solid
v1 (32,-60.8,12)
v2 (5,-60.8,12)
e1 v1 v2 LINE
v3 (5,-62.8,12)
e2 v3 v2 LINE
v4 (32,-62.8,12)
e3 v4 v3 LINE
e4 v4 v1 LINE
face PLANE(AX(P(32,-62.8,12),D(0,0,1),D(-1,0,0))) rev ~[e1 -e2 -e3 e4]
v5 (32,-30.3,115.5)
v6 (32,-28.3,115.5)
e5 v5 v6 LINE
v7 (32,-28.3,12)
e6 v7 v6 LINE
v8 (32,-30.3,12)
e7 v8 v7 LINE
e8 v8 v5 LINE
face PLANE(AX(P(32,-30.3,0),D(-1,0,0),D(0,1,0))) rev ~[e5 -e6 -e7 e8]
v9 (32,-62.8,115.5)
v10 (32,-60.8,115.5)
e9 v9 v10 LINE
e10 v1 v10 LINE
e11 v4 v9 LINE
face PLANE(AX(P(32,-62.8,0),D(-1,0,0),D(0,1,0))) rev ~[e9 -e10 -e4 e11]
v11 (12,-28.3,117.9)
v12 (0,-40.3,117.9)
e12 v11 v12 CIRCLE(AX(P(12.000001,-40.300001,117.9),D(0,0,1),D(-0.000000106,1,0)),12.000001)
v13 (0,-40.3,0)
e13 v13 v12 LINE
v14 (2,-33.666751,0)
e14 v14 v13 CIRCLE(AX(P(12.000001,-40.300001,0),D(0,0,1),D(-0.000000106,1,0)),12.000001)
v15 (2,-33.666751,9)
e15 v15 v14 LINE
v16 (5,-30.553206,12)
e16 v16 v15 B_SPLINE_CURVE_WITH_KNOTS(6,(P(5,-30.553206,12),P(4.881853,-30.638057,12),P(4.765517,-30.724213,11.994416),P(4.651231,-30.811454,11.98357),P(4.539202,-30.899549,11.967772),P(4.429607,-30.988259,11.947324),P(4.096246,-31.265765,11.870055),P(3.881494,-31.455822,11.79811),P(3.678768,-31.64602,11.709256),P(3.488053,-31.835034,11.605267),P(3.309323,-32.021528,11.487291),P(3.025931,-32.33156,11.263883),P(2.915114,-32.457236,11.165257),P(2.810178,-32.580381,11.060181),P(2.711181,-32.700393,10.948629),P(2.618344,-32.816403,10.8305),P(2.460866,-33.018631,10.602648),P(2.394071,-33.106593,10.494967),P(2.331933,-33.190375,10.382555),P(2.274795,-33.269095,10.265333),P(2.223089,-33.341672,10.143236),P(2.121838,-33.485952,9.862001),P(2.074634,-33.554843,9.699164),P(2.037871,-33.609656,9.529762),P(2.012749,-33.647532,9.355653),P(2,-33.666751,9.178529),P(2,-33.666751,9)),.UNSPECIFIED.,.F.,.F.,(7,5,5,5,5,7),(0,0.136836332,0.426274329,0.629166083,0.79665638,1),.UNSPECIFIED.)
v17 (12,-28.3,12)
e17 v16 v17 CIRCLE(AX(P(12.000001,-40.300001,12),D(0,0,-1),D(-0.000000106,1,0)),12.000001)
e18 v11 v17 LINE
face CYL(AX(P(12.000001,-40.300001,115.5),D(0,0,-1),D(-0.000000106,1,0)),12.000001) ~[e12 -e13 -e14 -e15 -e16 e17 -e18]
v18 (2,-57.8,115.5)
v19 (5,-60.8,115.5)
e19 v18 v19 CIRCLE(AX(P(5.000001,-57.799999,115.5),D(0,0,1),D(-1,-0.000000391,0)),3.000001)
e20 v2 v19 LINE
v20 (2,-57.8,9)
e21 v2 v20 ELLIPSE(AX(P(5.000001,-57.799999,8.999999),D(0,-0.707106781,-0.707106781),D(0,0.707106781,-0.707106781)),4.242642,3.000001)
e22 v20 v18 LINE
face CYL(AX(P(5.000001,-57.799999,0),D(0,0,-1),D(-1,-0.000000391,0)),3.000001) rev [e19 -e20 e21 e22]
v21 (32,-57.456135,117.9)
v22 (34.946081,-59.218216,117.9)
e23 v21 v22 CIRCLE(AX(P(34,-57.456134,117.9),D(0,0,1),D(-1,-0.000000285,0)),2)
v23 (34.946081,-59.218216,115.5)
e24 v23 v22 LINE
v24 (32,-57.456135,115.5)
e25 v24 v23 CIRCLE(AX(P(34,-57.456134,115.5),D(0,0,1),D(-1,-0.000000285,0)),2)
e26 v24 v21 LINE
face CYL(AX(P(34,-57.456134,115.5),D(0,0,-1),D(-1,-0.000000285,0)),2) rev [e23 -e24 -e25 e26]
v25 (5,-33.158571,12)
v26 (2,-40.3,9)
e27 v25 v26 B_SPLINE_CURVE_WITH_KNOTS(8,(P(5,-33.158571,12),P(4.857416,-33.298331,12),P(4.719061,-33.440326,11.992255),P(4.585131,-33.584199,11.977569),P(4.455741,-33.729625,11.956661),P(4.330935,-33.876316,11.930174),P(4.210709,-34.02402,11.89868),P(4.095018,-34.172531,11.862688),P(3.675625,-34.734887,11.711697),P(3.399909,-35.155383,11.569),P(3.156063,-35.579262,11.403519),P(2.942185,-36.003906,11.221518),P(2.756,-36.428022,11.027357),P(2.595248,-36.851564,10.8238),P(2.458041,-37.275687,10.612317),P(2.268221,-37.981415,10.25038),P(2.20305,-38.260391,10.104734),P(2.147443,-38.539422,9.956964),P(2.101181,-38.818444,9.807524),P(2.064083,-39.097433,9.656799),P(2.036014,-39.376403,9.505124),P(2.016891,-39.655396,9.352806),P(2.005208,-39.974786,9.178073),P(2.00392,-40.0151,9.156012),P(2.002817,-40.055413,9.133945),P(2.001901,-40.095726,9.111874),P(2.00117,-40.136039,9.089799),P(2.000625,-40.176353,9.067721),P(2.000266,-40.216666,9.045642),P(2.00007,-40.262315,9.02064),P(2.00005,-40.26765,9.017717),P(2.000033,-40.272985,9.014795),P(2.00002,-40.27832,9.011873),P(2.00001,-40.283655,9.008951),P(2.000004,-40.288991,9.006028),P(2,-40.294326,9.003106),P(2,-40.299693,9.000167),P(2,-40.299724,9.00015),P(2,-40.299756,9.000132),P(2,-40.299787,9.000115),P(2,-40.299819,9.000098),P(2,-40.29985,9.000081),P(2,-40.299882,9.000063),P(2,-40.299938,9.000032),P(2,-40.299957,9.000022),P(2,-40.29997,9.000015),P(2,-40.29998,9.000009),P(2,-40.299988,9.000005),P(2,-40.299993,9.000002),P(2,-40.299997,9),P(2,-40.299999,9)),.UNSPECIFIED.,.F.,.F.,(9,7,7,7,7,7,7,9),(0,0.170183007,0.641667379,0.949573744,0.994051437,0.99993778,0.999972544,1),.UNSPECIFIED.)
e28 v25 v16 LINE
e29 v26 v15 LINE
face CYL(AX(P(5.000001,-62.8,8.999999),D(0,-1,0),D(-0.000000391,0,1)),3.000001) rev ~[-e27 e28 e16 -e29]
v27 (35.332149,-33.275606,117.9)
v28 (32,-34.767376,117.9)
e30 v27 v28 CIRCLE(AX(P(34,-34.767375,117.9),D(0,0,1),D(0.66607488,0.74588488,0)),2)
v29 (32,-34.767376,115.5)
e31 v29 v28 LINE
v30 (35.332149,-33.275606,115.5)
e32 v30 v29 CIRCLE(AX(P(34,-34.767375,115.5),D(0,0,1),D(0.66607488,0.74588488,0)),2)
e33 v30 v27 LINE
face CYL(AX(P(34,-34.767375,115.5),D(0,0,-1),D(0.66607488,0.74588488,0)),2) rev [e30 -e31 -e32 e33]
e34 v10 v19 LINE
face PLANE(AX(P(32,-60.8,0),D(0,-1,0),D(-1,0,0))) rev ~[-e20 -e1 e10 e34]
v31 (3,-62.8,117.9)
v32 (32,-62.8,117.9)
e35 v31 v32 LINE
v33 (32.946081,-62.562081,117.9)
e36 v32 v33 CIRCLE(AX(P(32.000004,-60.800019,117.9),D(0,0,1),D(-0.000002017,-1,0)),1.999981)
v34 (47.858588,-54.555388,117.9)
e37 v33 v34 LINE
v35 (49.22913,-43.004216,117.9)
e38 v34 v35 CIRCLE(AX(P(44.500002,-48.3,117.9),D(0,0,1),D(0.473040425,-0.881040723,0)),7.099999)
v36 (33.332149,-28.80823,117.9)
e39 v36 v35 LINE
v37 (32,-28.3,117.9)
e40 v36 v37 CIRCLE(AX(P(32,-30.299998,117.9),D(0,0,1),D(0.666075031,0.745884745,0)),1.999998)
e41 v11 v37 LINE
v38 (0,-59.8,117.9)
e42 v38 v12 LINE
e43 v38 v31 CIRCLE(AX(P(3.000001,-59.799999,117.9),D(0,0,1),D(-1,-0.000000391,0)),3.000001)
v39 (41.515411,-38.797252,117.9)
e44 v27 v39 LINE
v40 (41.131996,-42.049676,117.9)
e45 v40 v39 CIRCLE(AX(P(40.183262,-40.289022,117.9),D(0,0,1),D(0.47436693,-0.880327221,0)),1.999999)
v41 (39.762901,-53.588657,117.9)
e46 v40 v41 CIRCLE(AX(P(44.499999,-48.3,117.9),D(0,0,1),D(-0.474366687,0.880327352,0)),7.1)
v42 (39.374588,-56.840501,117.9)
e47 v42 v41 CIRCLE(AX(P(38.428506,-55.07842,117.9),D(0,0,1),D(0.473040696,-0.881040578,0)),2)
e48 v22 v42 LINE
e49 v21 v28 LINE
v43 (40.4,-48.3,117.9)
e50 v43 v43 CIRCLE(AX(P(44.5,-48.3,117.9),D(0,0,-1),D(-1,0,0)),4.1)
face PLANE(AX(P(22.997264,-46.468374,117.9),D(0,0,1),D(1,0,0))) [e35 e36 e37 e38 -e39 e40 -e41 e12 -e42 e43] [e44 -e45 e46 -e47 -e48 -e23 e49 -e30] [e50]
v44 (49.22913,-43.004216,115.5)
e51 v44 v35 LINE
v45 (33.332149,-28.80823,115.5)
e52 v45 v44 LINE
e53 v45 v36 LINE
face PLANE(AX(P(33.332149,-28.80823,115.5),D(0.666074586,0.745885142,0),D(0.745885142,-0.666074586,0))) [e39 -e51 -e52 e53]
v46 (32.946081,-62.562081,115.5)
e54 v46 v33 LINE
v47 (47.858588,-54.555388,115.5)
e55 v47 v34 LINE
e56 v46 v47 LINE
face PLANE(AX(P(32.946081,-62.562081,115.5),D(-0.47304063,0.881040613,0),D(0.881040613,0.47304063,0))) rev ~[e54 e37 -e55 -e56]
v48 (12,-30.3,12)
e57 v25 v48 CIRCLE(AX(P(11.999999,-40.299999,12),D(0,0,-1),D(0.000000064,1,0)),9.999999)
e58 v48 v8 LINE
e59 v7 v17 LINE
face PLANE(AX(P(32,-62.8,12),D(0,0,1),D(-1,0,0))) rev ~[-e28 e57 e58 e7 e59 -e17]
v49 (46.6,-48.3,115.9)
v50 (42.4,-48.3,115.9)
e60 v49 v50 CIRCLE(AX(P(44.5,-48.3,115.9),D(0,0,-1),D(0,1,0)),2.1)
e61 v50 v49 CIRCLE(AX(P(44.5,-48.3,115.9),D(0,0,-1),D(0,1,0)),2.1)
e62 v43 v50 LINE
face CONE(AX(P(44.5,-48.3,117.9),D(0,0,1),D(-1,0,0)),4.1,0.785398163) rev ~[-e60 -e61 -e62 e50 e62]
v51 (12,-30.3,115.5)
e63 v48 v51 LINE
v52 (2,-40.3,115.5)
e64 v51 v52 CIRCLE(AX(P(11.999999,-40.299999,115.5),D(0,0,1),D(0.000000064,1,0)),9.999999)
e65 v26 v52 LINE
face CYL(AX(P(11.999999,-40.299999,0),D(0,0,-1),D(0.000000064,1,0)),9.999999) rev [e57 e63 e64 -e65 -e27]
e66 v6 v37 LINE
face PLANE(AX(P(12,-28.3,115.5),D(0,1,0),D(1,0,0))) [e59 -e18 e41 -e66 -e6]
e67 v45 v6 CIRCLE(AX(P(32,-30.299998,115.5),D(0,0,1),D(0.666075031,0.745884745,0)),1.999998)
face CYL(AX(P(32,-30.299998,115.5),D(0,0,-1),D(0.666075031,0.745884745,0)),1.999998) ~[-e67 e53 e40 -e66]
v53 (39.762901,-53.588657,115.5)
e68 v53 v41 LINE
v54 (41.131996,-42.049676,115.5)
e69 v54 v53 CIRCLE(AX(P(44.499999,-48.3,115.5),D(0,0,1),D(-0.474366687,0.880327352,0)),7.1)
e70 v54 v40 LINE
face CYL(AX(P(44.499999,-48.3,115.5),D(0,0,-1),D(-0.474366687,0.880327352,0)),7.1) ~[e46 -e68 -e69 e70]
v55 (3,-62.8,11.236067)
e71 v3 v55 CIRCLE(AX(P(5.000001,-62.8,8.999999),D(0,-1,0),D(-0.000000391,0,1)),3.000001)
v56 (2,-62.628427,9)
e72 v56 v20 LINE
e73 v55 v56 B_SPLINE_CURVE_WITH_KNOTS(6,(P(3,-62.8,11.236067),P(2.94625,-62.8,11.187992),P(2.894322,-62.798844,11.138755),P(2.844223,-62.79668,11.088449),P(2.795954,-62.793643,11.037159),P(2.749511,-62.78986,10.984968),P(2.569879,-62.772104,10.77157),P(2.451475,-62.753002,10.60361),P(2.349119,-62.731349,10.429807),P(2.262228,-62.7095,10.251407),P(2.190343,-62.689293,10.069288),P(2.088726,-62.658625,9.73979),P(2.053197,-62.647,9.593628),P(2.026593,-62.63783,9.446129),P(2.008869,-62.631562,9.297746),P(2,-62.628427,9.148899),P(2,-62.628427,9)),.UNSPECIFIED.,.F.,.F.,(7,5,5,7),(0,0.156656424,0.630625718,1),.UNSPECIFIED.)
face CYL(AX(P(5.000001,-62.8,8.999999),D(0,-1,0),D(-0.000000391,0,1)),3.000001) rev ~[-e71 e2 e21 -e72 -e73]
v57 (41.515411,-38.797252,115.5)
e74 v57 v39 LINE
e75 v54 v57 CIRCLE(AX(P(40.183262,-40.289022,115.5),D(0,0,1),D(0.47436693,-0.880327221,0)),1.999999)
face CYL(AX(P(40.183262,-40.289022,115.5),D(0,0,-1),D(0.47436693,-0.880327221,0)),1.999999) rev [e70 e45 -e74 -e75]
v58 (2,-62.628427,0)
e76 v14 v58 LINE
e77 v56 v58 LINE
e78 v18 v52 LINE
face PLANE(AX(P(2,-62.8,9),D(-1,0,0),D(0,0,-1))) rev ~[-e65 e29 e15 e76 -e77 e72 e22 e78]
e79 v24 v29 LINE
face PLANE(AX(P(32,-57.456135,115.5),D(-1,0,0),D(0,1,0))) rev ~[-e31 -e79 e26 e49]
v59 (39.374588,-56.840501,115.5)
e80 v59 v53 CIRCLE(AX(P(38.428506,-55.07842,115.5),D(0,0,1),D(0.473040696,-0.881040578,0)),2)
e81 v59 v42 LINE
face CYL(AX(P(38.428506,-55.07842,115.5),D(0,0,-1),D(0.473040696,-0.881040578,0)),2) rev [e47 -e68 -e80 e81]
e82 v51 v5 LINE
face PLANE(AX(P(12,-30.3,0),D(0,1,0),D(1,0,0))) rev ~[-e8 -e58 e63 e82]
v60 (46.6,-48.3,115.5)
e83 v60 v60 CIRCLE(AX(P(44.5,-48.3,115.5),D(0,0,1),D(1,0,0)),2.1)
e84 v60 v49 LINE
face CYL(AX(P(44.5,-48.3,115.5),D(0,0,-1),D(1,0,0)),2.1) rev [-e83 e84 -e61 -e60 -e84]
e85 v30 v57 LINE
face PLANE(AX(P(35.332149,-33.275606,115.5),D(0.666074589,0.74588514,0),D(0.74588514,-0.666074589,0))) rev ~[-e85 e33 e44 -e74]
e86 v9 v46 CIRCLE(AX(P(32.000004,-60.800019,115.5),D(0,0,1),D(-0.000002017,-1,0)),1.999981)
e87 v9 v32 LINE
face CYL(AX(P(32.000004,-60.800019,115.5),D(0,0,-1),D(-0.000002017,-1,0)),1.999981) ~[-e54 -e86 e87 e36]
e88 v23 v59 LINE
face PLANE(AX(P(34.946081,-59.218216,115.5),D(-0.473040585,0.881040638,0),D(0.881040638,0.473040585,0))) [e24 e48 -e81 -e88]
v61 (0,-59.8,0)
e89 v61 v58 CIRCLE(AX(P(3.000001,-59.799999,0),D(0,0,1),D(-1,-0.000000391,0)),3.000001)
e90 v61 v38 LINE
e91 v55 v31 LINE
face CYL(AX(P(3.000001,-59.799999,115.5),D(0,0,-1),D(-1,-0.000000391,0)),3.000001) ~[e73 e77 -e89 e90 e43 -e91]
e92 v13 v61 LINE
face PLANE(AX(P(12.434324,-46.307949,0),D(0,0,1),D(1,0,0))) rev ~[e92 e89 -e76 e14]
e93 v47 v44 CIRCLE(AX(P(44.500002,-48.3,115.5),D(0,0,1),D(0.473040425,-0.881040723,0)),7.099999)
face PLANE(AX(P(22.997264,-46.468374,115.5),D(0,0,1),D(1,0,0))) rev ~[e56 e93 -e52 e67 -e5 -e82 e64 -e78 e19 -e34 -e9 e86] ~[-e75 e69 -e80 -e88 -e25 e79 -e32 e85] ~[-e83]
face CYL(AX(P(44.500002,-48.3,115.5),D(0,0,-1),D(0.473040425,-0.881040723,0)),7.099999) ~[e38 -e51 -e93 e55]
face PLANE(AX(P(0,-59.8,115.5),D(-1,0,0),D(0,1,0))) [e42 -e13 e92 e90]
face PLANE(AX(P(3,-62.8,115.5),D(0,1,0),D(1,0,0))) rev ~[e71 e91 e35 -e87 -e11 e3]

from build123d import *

# Parameters (mm, degrees)
PAD015_DEPTH        = 115.5
POCKET006_DEPTH     = 2
POCKET007_DEPTH     = 34.501
SKETCH032_R         = 2.1
PAD016_DEPTH        = 2.4
HOLE006_D           = 4
HOLE006_DEPTH       = 25
HOLE006_CSINK_D     = 8.2
HOLE006_CSINK_ANGLE = 90
HOLE006_TIPS_R      = 2


with BuildPart() as part:
    # Sketch029 → Pad015 (new body)
    with BuildSketch(Plane.XY):
        with BuildLine():
            Line((32, 34.5), (12, 34.5))
            ThreePointArc((12, 34.5), (3.514719, 30.985281), (0, 22.5))
            Line((0, 22.5), (0, 3))
            ThreePointArc((0, 3), (0.87868, 0.87868), (3, 0))
            Line((3, 0), (32, 0))
            Line((32, 0), (32, 2))
            Line((32, 2), (5, 2))
            ThreePointArc((2, 5), (2.87868, 2.87868), (5, 2))
            Line((2, 5), (2, 22.5))
            ThreePointArc((12, 32.5), (4.928932, 29.571068), (2, 22.5))
            Line((12, 32.5), (32, 32.5))
            Line((32, 32.5), (32, 34.5))
        make_face()
    extrude(amount=PAD015_DEPTH)

    # Sketch030 (on Face3 of Pad015) → Pocket006 (cut)
    with BuildSketch(Plane(origin=(0, 34.5, 0), x_dir=(-1, 0, 0), z_dir=(0, 1, 0))):
        with BuildLine():
            Line((-32, 0), (-12, 0))
            Line((-12, 0), (-12, 7))
            ThreePointArc((-12, 7), (-12.87868, 9.12132), (-15, 10))
            Line((-15, 10), (-32, 10))
            Line((-32, 10), (-32, 0))
        make_face()
    extrude(amount=-POCKET006_DEPTH, mode=Mode.SUBTRACT)

    # Sketch031 (on Face12 of Pocket006) → Pocket007 (cut, through all)
    with BuildSketch(Plane.XZ):
        with BuildLine():
            Line((2, 0), (32, 0))
            Line((32, 0), (32, 12))
            Line((32, 12), (5, 12))
            ThreePointArc((5, 12), (2.87868, 11.12132), (2, 9))
            Line((2, 9), (2, 0))
        make_face()
    extrude(amount=-POCKET007_DEPTH, mode=Mode.SUBTRACT)

    # Sketch032 (on Face4 of Pocket007) → Pad016 (join)
    with BuildSketch(Plane.XY.offset(115.5)):
        with BuildLine():
            ThreePointArc((12, 34.5), (3.514719, 30.985281), (0, 22.5))
            Line((0, 3), (0, 22.5))
            ThreePointArc((0, 3), (0.87868, 0.87868), (3, 0))
            Line((3, 0), (32, 0))
            ThreePointArc((32, 0), (32.487769, 0.060391), (32.946081, 0.237919))
            Line((32.946081, 0.237919), (47.858588, 8.244612))
            ThreePointArc((47.858588, 8.244612), (51.550546, 13.663456), (49.22913, 19.795784))
            Line((33.332149, 33.99177), (49.22913, 19.795784))
            ThreePointArc((33.332149, 33.99177), (32.712902, 34.368628), (32, 34.5))
            Line((12, 34.5), (32, 34.5))
        make_face()
        with Locations((44.5, 14.5)):
            Circle(SKETCH032_R, mode=Mode.SUBTRACT)
        with BuildLine():
            Line((32, 5.343865), (32, 28.032624))
            ThreePointArc((35.332149, 29.524394), (33.182779, 29.858042), (32, 28.032624))
            Line((35.332149, 29.524394), (41.515411, 24.002748))
            ThreePointArc((41.131996, 20.750324), (42.169508, 22.276828), (41.515411, 24.002748))
            ThreePointArc((41.131996, 20.750324), (37.449454, 15.336544), (39.762901, 9.211343))
            ThreePointArc((39.374588, 5.959499), (40.414398, 7.484439), (39.762901, 9.211343))
            Line((34.946081, 3.581784), (39.374588, 5.959499))
            ThreePointArc((32, 5.343865), (32.973395, 3.62745), (34.946081, 3.581784))
        make_face(mode=Mode.SUBTRACT)
    extrude(amount=PAD016_DEPTH)

    # Hole006
    with Locations(Plane.XY.offset(117.9)):
        with Locations((44.5, 14.5)):
            CounterSinkHole(HOLE006_D / 2, HOLE006_CSINK_D / 2, depth=HOLE006_DEPTH, counter_sink_angle=HOLE006_CSINK_ANGLE)

    # Hole006 tips → Hole006 tip 1 section 0
    with BuildSketch(Plane.XY.offset(92.9), mode=Mode.PRIVATE) as hole006_tip_1_s0:
        with Locations((44.5, 14.5)):
            Circle(HOLE006_TIPS_R)
    loft([hole006_tip_1_s0.sketch, Vertex(44.5, 14.5, 91.698279)], mode=Mode.SUBTRACT)


with BuildPart() as part_1:
    # Body006 placement: moved
    add(part.part.moved(Location((0, -62.8, 0))))


solid = part_1.part
